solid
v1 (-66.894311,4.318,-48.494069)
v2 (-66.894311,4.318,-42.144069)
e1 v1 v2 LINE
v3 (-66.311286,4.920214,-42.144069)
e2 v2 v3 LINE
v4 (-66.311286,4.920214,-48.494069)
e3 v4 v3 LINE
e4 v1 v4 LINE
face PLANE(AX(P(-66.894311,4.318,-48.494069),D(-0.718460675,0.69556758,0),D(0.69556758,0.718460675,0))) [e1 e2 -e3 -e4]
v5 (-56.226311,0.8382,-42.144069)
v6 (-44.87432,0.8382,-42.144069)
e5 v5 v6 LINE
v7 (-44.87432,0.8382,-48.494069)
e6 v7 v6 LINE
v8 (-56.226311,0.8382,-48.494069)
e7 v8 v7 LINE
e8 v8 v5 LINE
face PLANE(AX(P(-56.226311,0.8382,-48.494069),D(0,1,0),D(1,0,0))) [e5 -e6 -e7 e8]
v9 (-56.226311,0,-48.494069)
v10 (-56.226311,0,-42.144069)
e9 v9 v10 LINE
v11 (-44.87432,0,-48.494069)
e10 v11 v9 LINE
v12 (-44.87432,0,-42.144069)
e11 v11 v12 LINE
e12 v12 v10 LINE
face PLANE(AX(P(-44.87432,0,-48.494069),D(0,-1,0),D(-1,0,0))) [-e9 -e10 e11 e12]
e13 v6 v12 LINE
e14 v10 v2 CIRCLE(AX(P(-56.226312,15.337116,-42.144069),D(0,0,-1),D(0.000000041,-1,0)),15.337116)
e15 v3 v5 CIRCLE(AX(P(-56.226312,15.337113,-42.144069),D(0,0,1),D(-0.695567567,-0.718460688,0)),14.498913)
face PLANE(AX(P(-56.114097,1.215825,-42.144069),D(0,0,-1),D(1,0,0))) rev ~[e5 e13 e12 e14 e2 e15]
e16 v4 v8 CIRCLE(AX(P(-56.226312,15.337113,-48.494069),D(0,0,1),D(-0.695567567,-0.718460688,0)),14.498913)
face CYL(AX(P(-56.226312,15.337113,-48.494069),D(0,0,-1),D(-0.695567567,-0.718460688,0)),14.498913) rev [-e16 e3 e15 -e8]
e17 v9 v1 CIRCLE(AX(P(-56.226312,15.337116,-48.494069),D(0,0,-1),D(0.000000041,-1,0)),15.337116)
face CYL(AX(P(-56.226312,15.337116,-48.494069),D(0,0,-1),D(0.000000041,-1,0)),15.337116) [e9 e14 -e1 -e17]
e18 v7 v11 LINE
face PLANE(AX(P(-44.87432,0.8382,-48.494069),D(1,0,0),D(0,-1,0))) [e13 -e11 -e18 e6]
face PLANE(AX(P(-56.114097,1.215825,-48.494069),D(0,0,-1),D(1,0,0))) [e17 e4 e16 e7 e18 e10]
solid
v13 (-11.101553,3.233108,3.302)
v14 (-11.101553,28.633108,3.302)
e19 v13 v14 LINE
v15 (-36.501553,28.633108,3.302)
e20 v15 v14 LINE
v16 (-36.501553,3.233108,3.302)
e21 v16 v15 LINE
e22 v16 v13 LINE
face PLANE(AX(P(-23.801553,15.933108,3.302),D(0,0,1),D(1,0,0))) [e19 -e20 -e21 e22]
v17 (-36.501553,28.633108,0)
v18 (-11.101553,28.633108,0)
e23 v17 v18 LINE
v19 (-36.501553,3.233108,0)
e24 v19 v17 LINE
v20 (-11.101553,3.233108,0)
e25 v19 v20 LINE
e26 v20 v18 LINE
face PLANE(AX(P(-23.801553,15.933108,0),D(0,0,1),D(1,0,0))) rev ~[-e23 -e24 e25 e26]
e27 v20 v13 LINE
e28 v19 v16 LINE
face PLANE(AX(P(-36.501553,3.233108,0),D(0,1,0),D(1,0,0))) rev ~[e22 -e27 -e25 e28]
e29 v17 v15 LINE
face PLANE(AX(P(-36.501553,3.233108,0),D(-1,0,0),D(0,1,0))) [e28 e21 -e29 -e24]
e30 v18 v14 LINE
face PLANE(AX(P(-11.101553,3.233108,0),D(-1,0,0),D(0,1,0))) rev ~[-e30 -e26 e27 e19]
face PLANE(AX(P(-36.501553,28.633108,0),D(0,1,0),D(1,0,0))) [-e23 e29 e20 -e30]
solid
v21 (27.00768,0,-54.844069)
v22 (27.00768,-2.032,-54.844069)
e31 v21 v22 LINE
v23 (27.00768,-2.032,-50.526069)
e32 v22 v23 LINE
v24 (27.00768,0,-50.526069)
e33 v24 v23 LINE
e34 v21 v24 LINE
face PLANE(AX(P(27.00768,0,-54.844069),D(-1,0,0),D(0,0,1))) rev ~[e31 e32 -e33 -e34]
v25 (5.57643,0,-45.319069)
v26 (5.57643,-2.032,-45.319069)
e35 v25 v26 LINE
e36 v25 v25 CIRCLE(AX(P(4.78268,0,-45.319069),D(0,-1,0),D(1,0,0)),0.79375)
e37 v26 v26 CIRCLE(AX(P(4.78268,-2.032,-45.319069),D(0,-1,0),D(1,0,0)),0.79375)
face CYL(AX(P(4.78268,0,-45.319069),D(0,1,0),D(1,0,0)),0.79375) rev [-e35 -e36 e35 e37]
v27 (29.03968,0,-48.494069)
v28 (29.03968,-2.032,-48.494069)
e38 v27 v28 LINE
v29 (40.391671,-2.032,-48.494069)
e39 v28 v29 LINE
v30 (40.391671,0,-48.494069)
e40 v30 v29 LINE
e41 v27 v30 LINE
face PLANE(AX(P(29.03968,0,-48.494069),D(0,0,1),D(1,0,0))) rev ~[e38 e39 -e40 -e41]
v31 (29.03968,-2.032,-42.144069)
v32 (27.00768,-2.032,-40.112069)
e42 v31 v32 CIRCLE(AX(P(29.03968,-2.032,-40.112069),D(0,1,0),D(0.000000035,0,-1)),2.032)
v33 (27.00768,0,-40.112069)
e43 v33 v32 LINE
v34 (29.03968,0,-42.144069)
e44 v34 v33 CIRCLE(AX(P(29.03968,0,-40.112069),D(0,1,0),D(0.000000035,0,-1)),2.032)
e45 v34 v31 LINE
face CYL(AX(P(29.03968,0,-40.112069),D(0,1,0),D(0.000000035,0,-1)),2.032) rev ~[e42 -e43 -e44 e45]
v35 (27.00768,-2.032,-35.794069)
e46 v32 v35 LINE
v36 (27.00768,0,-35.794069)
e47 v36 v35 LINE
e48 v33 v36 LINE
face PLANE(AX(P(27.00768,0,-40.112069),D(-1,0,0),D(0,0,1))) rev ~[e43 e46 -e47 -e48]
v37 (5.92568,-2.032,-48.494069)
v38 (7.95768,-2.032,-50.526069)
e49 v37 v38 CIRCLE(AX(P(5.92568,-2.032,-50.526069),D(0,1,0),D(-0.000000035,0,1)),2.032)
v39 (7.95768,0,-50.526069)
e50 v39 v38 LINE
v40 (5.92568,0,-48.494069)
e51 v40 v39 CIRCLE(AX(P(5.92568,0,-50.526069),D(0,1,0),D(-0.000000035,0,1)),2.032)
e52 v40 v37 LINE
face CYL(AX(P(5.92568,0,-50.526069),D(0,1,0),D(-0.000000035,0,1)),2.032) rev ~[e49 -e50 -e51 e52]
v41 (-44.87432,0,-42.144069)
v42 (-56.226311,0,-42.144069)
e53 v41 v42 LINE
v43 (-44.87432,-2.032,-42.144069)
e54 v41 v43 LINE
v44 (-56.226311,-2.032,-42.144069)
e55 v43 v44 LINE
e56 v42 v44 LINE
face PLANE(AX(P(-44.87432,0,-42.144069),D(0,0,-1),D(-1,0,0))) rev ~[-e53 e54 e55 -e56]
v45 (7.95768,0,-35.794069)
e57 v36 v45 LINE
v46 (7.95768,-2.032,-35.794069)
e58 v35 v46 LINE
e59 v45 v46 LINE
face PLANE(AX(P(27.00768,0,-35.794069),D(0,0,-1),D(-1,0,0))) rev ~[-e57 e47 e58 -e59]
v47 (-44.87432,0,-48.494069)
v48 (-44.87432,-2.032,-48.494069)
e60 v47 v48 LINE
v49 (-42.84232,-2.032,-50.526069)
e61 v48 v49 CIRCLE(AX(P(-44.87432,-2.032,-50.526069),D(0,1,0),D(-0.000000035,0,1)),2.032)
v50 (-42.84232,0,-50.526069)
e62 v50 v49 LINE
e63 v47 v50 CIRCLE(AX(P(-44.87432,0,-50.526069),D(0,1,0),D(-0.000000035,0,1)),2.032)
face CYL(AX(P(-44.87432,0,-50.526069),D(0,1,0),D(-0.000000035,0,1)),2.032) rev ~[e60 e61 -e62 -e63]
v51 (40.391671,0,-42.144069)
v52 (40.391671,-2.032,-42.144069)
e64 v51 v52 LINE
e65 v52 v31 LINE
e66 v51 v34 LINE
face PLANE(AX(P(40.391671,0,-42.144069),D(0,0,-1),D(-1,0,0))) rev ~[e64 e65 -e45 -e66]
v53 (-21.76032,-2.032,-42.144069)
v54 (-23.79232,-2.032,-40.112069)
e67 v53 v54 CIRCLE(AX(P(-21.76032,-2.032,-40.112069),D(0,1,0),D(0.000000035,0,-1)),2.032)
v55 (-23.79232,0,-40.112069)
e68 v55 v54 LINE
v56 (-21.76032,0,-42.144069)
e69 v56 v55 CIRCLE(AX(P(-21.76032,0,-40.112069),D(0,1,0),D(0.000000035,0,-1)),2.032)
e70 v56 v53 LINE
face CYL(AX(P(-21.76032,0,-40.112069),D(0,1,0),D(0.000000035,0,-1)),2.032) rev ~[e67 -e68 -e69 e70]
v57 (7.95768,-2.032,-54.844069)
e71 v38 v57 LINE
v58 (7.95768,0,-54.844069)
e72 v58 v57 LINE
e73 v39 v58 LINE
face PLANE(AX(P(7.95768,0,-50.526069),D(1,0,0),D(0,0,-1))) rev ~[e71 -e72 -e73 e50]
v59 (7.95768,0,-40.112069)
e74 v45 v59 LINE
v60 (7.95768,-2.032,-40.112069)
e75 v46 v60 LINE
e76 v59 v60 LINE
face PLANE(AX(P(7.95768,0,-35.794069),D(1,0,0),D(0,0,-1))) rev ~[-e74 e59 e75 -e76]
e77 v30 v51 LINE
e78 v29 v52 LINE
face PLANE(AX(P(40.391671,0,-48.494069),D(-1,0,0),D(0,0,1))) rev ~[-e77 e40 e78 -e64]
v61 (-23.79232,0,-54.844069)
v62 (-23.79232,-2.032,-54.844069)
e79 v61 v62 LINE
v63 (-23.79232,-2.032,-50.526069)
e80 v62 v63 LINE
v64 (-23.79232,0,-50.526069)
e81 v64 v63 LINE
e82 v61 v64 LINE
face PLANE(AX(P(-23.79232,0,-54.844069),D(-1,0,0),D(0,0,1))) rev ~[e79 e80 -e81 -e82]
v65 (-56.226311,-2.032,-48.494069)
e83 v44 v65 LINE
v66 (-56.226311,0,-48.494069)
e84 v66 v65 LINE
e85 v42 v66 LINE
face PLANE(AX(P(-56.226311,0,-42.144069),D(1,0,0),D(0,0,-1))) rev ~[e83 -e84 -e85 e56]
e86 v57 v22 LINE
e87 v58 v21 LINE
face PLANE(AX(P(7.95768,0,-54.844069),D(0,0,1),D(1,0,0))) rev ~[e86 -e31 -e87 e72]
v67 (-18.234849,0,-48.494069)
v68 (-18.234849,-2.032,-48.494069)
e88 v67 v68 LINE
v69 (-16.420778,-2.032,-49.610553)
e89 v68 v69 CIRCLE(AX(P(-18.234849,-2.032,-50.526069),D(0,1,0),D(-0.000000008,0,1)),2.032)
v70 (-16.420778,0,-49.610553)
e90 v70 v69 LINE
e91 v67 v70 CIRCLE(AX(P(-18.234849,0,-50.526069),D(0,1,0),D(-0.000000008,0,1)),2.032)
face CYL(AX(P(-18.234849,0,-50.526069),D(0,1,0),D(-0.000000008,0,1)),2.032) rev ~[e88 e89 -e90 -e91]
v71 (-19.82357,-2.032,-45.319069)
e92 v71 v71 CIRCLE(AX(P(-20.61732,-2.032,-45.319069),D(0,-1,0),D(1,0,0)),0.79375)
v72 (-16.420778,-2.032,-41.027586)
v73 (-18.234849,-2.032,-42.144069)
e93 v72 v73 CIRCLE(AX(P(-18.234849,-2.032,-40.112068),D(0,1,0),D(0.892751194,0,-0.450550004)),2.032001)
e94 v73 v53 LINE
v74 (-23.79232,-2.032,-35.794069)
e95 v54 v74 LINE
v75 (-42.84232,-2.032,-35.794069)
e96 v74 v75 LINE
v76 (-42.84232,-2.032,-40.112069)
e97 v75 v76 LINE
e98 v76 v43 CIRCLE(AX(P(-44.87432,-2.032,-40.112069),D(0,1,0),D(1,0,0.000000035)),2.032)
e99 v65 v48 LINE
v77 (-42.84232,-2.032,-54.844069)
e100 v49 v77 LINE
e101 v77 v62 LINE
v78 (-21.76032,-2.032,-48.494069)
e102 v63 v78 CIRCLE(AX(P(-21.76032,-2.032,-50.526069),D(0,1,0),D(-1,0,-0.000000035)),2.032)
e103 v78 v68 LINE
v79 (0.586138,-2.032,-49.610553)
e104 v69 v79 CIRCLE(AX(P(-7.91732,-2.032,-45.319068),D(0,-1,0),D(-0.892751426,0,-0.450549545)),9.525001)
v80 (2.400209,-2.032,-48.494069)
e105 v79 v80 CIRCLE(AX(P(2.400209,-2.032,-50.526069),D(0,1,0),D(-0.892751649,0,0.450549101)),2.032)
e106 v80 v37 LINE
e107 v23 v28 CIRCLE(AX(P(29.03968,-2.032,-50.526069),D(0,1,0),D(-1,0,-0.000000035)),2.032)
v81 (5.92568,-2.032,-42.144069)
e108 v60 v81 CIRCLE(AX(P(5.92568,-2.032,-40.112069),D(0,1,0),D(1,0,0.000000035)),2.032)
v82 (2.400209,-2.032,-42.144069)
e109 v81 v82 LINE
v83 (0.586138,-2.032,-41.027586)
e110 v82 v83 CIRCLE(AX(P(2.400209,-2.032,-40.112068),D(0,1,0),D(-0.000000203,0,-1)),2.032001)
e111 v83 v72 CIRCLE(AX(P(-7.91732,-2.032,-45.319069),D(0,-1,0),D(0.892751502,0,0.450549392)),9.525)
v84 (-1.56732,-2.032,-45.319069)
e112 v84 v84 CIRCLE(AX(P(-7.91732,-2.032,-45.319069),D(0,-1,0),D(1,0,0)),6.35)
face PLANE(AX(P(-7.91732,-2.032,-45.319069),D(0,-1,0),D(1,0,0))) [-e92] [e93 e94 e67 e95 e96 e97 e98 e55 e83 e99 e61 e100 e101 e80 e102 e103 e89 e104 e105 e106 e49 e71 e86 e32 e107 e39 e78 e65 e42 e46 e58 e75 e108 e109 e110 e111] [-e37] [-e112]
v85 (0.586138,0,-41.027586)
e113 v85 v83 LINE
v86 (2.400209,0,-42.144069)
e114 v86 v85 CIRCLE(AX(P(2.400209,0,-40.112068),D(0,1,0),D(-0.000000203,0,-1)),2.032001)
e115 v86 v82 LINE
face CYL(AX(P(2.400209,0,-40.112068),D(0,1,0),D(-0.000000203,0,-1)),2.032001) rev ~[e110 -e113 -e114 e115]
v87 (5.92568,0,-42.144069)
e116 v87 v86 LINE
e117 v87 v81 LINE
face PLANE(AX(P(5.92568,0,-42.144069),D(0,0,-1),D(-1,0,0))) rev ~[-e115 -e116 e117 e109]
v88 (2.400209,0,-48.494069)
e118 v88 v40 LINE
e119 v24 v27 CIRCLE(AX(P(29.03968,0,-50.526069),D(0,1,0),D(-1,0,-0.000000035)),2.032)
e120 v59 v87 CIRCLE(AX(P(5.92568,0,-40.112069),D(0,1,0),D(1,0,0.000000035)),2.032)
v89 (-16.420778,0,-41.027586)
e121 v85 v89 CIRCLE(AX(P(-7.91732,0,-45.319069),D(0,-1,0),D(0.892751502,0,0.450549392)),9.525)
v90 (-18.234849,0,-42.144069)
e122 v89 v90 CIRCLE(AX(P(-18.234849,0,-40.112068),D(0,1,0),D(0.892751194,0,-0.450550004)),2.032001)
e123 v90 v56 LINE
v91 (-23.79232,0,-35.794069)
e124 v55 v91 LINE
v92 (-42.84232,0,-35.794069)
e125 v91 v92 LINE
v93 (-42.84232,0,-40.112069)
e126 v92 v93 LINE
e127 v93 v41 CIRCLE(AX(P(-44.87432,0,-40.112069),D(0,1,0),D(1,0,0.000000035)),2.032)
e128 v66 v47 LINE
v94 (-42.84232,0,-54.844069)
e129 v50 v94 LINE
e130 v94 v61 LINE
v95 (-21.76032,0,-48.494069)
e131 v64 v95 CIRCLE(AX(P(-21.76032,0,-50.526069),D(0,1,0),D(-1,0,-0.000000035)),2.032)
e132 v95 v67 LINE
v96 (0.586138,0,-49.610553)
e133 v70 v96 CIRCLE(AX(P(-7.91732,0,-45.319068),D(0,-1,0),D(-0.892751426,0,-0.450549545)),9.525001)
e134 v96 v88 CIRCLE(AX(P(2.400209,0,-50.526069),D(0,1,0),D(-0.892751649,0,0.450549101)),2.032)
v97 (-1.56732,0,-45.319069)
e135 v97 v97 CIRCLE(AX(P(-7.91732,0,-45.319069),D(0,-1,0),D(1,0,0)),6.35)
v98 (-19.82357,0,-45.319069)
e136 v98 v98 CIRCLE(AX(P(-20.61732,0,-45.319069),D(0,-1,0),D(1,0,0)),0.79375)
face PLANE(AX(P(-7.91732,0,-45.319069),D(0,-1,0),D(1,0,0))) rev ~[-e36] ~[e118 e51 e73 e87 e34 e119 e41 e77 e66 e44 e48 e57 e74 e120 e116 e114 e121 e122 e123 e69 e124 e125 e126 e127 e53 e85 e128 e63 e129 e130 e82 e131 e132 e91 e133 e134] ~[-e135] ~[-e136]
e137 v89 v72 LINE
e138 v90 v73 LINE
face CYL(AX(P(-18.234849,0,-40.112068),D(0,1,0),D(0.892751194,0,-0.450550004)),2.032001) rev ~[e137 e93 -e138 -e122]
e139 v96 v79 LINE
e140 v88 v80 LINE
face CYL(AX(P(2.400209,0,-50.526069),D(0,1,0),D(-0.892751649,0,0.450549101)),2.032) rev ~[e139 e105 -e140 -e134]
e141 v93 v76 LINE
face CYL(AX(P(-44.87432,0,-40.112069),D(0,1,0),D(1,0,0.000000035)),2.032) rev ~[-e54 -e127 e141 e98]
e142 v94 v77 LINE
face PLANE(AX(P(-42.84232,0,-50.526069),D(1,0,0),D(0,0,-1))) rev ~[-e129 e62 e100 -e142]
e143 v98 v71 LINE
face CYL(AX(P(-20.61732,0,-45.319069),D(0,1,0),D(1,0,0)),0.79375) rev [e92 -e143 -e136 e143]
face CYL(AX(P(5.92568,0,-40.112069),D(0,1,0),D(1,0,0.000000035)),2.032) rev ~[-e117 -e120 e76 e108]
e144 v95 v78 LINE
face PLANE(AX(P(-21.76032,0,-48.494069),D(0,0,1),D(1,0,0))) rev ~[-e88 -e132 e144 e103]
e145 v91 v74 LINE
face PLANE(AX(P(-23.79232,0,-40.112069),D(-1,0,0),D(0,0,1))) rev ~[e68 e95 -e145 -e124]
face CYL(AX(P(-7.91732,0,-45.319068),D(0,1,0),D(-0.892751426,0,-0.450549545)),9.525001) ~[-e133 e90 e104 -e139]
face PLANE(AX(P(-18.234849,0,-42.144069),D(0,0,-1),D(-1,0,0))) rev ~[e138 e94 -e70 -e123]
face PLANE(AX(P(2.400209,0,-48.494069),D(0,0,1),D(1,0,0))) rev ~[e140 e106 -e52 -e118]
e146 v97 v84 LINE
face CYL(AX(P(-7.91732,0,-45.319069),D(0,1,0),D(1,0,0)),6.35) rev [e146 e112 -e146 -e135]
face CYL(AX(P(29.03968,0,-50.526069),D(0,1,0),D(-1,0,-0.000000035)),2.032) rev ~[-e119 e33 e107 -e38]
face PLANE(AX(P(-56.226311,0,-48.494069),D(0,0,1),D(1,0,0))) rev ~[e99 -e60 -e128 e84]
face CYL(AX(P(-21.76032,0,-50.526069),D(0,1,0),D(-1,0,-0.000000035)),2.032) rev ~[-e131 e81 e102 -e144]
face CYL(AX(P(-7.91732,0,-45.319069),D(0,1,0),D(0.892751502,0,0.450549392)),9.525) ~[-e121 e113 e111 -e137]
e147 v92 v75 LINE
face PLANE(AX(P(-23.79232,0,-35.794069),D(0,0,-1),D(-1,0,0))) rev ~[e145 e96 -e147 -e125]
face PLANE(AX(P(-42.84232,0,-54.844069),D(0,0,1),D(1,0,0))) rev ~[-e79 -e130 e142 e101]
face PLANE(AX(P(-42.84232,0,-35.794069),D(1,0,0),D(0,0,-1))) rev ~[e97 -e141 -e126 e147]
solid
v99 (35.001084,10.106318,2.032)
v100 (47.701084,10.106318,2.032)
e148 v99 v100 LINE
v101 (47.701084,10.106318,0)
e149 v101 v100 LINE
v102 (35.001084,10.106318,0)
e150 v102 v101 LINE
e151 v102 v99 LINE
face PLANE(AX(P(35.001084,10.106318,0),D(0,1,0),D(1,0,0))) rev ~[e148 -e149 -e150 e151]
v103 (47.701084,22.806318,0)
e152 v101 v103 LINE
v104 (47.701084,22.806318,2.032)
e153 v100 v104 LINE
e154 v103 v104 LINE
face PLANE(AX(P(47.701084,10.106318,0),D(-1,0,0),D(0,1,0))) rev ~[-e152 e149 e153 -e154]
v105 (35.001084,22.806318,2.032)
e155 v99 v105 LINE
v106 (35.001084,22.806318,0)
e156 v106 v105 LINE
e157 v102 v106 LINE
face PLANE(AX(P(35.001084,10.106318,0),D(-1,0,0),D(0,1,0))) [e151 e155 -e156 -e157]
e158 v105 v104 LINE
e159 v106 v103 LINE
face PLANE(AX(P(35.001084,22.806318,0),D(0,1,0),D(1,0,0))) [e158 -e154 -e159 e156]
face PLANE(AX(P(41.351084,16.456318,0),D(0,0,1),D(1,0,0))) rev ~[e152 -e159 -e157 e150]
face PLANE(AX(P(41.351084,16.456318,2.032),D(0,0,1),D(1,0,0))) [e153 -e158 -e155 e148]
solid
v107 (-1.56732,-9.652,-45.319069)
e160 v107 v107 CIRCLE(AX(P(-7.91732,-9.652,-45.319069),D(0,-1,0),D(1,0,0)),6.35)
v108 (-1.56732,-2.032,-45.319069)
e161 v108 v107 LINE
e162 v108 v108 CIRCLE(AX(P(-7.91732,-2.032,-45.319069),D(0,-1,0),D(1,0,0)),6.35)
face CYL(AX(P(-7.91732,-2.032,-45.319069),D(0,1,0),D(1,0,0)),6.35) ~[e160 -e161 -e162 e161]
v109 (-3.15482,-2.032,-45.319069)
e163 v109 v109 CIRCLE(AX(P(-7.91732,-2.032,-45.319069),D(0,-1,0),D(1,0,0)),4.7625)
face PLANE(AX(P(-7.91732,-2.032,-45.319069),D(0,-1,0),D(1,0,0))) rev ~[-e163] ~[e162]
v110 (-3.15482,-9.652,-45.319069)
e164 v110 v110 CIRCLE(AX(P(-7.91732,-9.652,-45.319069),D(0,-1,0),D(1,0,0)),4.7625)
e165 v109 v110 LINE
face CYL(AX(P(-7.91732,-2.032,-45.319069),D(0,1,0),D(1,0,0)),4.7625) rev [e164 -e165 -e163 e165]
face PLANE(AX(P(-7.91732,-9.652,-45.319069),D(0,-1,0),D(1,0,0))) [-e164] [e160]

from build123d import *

# Parameters (mm, degrees)
F0_W      = 25.4
F0_H      = 25.4
F1_DEPTH  = 3.302
F2_W      = 12.7
F2_H      = 12.7
F3_DEPTH  = 2.032
F4_R      = 0.79375
F4_R_2    = 6.35
F5_DEPTH  = 2.032
F7_DEPTH  = 6.35
F8_R      = 0.254
F9_DEPTH  = 15.875
F10_R     = 6.35
F10_R_2   = 4.7625
F11_DEPTH = 7.62


with BuildPart() as f1:
    # F0 (on Top) → F1 (new body)
    with BuildSketch(Plane.XY):
        with Locations((-23.801553, 15.933108)):
            Rectangle(F0_W, F0_H)
    extrude(amount=F1_DEPTH)


with BuildPart() as f3:
    # F2 (on Top) → F3 (new body)
    with BuildSketch(Plane.XY):
        with Locations((41.351084, 16.456318)):
            Rectangle(F2_W, F2_H)
    extrude(amount=F3_DEPTH)


with BuildPart() as f5:
    # F4 (on Front) → F5 (new body)
    with BuildSketch(Plane.XZ):
        with BuildLine():
            Line((-44.87432, -42.144069), (-56.226311, -42.144069))
            Line((-56.226311, -42.144069), (-56.226311, -48.494069))
            Line((-56.226311, -48.494069), (-44.87432, -48.494069))
            ThreePointArc((-44.87432, -48.494069), (-43.437479, -49.089228), (-42.84232, -50.526069))
            Line((-42.84232, -50.526069), (-42.84232, -54.844069))
            Line((-42.84232, -54.844069), (-23.79232, -54.844069))
            Line((-23.79232, -54.844069), (-23.79232, -50.526069))
            ThreePointArc((-23.79232, -50.526069), (-23.197161, -49.089228), (-21.76032, -48.494069))
            Line((-21.76032, -48.494069), (-18.234849, -48.494069))
            ThreePointArc((-18.234849, -48.494069), (-17.169791, -48.795556), (-16.420778, -49.610553))
            ThreePointArc((-16.420778, -49.610553), (-7.91732, -54.844069), (0.586138, -49.610553))
            ThreePointArc((0.586138, -49.610553), (1.335151, -48.795556), (2.400209, -48.494069))
            Line((2.400209, -48.494069), (5.92568, -48.494069))
            ThreePointArc((5.92568, -48.494069), (7.362521, -49.089228), (7.95768, -50.526069))
            Line((7.95768, -50.526069), (7.95768, -54.844069))
            Line((7.95768, -54.844069), (27.00768, -54.844069))
            Line((27.00768, -54.844069), (27.00768, -50.526069))
            ThreePointArc((27.00768, -50.526069), (27.602839, -49.089228), (29.03968, -48.494069))
            Line((29.03968, -48.494069), (40.391671, -48.494069))
            Line((40.391671, -48.494069), (40.391671, -42.144069))
            Line((40.391671, -42.144069), (29.03968, -42.144069))
            ThreePointArc((29.03968, -42.144069), (27.602839, -41.54891), (27.00768, -40.112069))
            Line((27.00768, -40.112069), (27.00768, -35.794069))
            Line((27.00768, -35.794069), (7.95768, -35.794069))
            Line((7.95768, -35.794069), (7.95768, -40.112069))
            ThreePointArc((7.95768, -40.112069), (7.362521, -41.54891), (5.92568, -42.144069))
            Line((5.92568, -42.144069), (2.400209, -42.144069))
            ThreePointArc((2.400209, -42.144069), (1.335151, -41.842582), (0.586138, -41.027586))
            ThreePointArc((0.586138, -41.027586), (-7.91732, -35.794069), (-16.420778, -41.027586))
            ThreePointArc((-16.420778, -41.027586), (-17.169791, -41.842582), (-18.234849, -42.144069))
            Line((-18.234849, -42.144069), (-21.76032, -42.144069))
            ThreePointArc((-21.76032, -42.144069), (-23.197161, -41.54891), (-23.79232, -40.112069))
            Line((-23.79232, -40.112069), (-23.79232, -35.794069))
            Line((-23.79232, -35.794069), (-42.84232, -35.794069))
            Line((-42.84232, -35.794069), (-42.84232, -40.112069))
            ThreePointArc((-42.84232, -40.112069), (-43.437479, -41.54891), (-44.87432, -42.144069))
        make_face()
        with Locations((-20.61732, -45.319069)):
            Circle(F4_R, mode=Mode.SUBTRACT)
        with Locations((-7.91732, -45.319069)):
            Circle(F4_R_2, mode=Mode.SUBTRACT)
        with Locations((4.78268, -45.319069)):
            Circle(F4_R, mode=Mode.SUBTRACT)
    extrude(amount=F5_DEPTH)


with BuildPart() as f7:
    # F6 (on face) → F7 (new body)
    with BuildSketch(Plane(origin=(0, 0, -48.494069), x_dir=(1, 0, 0), z_dir=(0, 0, -1))):
        with BuildLine():
            Line((-44.87432, -0.8382), (-44.87432, 0))
            Line((-44.87432, 0), (-56.226311, 0))
            ThreePointArc((-56.226311, 0), (-61.980686, -1.120425), (-66.894311, -4.318))
            Line((-66.894311, -4.318), (-66.311286, -4.920214))
            ThreePointArc((-66.311286, -4.920214), (-61.6662, -1.897392), (-56.226311, -0.8382))
            Line((-56.226311, -0.8382), (-44.87432, -0.8382))
        make_face()
    extrude(amount=-F7_DEPTH)


with BuildPart() as f9:
    # F8 (on Top) → F9 (new body)
    with BuildSketch(Plane.XY):
        with Locations((7.016313, 0)):
            Circle(F8_R)
    extrude(amount=F9_DEPTH)


with BuildPart() as f11:
    # F10 (on face) → F11 (new body)
    with BuildSketch(Plane.XZ.offset(2.032)):
        with Locations((-7.91732, -45.319069)):
            Circle(F10_R)
        with Locations((-7.91732, -45.319069)):
            Circle(F10_R_2, mode=Mode.SUBTRACT)
    extrude(amount=F11_DEPTH)


solid = Compound([f1.part, f3.part, f5.part, f7.part, f11.part])
